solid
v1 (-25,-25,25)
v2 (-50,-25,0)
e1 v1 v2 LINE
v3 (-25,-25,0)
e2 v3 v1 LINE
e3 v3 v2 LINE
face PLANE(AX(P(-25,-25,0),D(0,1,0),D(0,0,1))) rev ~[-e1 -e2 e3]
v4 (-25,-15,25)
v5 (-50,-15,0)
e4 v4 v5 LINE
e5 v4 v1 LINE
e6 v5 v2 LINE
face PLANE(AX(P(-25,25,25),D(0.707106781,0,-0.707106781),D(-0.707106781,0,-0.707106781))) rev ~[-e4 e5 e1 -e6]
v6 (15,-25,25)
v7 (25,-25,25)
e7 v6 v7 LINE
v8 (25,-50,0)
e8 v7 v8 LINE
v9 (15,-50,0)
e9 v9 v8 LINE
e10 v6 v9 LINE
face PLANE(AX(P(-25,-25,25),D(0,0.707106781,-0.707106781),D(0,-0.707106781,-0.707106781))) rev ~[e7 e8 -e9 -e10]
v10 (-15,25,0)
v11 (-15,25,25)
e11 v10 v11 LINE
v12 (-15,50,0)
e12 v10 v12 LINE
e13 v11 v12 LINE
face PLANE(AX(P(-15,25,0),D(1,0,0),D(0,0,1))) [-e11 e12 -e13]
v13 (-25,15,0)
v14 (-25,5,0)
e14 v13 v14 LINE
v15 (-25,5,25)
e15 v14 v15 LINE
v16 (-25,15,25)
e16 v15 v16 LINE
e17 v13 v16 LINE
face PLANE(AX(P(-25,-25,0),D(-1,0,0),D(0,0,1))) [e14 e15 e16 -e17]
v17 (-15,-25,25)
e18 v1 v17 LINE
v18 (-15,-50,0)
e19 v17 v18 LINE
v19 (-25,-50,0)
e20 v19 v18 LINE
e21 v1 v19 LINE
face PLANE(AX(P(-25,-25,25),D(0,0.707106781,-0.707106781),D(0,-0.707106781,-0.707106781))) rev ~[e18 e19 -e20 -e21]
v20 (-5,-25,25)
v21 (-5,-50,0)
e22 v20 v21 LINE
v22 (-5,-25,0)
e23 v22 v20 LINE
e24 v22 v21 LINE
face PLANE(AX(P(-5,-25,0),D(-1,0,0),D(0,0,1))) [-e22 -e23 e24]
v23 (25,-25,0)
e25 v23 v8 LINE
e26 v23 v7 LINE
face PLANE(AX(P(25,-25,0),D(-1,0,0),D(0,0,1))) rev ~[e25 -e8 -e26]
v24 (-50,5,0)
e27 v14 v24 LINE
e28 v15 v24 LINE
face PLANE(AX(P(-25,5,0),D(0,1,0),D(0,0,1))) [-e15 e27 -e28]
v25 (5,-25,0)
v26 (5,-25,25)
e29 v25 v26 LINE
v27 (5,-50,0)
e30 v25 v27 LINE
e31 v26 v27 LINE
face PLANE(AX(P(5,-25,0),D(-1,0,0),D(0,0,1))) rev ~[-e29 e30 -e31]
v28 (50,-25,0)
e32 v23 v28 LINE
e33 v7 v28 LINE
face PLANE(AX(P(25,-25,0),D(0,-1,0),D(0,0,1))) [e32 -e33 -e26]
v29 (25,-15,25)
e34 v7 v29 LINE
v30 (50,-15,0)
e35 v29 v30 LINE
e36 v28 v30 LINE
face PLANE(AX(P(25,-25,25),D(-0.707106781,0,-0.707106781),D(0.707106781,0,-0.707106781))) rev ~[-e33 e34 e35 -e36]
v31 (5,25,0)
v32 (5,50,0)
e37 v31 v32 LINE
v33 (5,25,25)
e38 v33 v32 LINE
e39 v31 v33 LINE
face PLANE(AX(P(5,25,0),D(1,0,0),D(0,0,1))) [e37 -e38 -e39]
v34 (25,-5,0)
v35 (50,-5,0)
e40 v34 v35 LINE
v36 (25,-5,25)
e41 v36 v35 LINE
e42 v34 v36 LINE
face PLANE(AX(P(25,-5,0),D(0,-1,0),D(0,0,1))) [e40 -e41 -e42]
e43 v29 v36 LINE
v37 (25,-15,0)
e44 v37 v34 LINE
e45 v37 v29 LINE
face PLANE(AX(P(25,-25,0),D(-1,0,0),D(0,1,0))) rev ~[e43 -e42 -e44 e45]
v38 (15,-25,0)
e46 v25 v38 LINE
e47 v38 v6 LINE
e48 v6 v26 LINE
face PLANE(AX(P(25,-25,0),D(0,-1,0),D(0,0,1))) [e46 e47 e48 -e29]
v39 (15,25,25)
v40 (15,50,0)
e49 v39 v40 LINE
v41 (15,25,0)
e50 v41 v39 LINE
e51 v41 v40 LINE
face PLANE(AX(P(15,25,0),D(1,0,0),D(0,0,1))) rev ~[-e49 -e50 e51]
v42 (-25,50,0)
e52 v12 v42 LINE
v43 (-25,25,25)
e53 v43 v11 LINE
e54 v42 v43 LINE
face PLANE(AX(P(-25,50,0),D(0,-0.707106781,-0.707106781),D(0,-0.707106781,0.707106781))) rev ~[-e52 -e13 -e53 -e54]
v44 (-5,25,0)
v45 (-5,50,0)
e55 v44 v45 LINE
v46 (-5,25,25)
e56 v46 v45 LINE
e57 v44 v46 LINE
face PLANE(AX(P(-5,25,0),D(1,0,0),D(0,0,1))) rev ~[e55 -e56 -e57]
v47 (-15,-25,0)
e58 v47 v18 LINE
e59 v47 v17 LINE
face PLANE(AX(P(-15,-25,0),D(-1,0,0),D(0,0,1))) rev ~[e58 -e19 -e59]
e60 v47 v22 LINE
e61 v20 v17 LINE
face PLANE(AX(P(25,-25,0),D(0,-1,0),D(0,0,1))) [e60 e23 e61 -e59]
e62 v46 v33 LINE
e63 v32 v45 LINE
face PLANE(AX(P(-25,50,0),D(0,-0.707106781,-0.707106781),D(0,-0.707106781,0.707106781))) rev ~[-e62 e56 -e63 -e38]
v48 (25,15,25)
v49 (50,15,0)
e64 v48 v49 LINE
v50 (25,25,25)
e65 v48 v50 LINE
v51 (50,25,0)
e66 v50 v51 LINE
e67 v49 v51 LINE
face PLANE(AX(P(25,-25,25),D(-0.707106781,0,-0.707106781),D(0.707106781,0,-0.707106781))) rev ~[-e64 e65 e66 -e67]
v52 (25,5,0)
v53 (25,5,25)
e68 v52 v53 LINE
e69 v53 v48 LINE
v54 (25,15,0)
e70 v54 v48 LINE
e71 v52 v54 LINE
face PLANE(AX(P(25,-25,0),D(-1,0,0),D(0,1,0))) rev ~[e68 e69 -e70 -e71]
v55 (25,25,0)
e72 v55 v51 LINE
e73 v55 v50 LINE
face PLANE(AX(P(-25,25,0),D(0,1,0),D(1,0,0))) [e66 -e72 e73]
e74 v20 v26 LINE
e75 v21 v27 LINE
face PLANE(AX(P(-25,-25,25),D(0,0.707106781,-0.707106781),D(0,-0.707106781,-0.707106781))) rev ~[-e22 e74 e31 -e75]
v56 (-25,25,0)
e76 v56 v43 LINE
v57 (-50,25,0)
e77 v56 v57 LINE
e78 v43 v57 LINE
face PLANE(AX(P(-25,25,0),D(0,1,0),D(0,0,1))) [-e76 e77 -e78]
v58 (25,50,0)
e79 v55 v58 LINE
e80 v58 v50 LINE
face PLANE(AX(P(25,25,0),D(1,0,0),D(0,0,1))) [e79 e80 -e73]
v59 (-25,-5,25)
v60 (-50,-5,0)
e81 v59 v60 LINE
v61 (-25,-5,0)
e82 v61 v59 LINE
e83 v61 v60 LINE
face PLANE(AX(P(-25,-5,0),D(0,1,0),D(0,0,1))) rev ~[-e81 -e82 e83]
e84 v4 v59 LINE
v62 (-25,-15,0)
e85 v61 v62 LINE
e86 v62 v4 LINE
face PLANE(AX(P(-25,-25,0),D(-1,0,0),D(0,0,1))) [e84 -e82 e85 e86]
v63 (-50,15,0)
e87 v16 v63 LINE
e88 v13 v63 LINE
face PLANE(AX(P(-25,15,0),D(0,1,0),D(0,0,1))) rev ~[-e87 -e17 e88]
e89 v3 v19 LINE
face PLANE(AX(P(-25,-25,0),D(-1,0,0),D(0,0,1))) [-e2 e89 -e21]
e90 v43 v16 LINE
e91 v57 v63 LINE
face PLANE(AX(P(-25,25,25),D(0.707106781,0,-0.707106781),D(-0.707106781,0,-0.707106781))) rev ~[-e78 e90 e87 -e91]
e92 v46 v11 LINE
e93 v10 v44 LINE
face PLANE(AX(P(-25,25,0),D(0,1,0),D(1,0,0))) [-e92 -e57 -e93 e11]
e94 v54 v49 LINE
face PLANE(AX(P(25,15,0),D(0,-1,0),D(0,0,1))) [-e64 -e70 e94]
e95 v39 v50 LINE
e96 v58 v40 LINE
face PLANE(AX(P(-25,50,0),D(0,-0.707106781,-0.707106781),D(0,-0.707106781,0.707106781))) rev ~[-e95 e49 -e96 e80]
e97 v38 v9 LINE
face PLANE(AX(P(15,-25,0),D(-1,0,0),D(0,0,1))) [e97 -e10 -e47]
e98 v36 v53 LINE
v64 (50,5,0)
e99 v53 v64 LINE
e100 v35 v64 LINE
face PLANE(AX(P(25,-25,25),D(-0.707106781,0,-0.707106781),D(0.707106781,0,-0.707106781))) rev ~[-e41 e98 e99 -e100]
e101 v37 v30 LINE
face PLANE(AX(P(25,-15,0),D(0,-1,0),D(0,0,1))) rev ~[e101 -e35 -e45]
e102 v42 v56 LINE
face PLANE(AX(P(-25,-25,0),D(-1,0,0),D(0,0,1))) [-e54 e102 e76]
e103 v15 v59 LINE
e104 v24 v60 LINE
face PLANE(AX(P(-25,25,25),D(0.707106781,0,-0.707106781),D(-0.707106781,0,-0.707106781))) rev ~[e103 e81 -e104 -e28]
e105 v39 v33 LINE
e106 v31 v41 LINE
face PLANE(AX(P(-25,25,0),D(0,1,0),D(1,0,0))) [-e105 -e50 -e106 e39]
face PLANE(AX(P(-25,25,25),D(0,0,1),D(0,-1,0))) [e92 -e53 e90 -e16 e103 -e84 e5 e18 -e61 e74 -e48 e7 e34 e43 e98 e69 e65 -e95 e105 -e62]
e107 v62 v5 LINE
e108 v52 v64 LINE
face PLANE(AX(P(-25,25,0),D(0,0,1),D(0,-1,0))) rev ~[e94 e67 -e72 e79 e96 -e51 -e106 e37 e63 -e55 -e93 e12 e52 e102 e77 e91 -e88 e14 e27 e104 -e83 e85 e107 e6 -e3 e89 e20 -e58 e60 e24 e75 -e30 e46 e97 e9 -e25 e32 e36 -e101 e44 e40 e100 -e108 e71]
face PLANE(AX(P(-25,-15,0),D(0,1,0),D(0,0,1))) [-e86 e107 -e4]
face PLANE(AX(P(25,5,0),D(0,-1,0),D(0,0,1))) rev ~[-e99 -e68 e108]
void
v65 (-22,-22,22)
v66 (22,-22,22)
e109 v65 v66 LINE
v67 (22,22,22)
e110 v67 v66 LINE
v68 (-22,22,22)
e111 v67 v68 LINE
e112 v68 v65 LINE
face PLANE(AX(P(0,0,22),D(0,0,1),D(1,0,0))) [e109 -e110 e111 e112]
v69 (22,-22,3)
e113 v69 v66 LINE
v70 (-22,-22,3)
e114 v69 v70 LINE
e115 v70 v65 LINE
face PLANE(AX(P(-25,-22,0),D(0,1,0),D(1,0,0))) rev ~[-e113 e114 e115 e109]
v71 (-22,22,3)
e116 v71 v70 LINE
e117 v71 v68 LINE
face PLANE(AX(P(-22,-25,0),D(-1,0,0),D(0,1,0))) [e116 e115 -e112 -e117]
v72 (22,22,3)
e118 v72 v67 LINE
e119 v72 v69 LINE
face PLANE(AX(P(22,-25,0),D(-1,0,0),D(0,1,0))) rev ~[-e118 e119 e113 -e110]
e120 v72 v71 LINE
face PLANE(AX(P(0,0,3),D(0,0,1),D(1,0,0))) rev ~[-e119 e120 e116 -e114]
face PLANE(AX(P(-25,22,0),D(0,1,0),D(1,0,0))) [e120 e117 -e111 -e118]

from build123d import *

# Parameters (mm, degrees)
F0_W      = 50
F0_H      = 50
F1_DEPTH  = 25
F2_T      = -3
F3_W      = 10
F3_H      = 25
F4_DEPTH  = 25
F6_DEPTH  = 50
F7_W      = 10
F7_H      = 25
F8_DEPTH  = 25
F10_DEPTH = 50
F11_W     = 10
F11_H     = 25
F12_DEPTH = 25
F14_DEPTH = 50
F15_W     = 10
F15_H     = 25
F16_DEPTH = 25
F18_DEPTH = 50


with BuildPart() as f1:
    # F0 (on Top) → F1 (new body)
    with BuildSketch(Plane.XY):
        Rectangle(F0_W, F0_H)
    extrude(amount=F1_DEPTH)

    # F2 (hollow: no face is removed)
    offset(amount=F2_T, mode=Mode.SUBTRACT)

    # F3 (on face) → F4 (join)
    with BuildSketch(Plane.YZ.offset(25)):
        with Locations((-20, 12.5)):
            Rectangle(F3_W, F3_H)
        with Locations((0, 12.5)):
            Rectangle(F3_W, F3_H)
        with Locations((20, 12.5)):
            Rectangle(F3_W, F3_H)
    extrude(amount=F4_DEPTH)

    # F5 (on face) → F6 (cut)
    with BuildSketch(Plane.XZ.offset(25)):
        Polygon((50, 0), (50, 25), (25, 25), align=None)
    extrude(amount=-F6_DEPTH, mode=Mode.SUBTRACT)

    # F7 (on face) → F8 (join)
    with BuildSketch(Plane(origin=(0, 25, 0), x_dir=(-1, 0, 0), z_dir=(0, 1, 0))):
        with Locations((-20, 12.5)):
            Rectangle(F7_W, F7_H)
        with Locations((0, 12.5)):
            Rectangle(F7_W, F7_H)
        with Locations((20, 12.5)):
            Rectangle(F7_W, F7_H)
    extrude(amount=F8_DEPTH)

    # F9 (on face) → F10 (cut)
    with BuildSketch(Plane(origin=(-25, 0, 0), x_dir=(0, -1, 0), z_dir=(-1, 0, 0))):
        Polygon((-25, 25), (-50, 25), (-50, 0), align=None)
    extrude(amount=-F10_DEPTH, mode=Mode.SUBTRACT)

    # F11 (on face) → F12 (join)
    with BuildSketch(Plane.XZ.offset(25)):
        with Locations((-20, 12.5)):
            Rectangle(F11_W, F11_H)
        with Locations((0, 12.5)):
            Rectangle(F11_W, F11_H)
        with Locations((20, 12.5)):
            Rectangle(F11_W, F11_H)
    extrude(amount=F12_DEPTH)

    # F13 (on face) → F14 (cut)
    with BuildSketch(Plane(origin=(-25, 0, 0), x_dir=(0, -1, 0), z_dir=(-1, 0, 0))):
        Polygon((50, 0), (50, 25), (25, 25), align=None)
    extrude(amount=-F14_DEPTH, mode=Mode.SUBTRACT)

    # F15 (on face) → F16 (join)
    with BuildSketch(Plane(origin=(-25, 0, 0), x_dir=(0, -1, 0), z_dir=(-1, 0, 0))):
        with Locations((-20, 12.5)):
            Rectangle(F15_W, F15_H)
        with Locations((0, 12.5)):
            Rectangle(F15_W, F15_H)
        with Locations((20, 12.5)):
            Rectangle(F15_W, F15_H)
    extrude(amount=F16_DEPTH)

    # F17 (on face) → F18 (cut)
    with BuildSketch(Plane(origin=(0, 25, 0), x_dir=(-1, 0, 0), z_dir=(0, 1, 0))):
        Polygon((50, 25), (25, 25), (50, 0), align=None)
    extrude(amount=-F18_DEPTH, mode=Mode.SUBTRACT)


solid = f1.part
